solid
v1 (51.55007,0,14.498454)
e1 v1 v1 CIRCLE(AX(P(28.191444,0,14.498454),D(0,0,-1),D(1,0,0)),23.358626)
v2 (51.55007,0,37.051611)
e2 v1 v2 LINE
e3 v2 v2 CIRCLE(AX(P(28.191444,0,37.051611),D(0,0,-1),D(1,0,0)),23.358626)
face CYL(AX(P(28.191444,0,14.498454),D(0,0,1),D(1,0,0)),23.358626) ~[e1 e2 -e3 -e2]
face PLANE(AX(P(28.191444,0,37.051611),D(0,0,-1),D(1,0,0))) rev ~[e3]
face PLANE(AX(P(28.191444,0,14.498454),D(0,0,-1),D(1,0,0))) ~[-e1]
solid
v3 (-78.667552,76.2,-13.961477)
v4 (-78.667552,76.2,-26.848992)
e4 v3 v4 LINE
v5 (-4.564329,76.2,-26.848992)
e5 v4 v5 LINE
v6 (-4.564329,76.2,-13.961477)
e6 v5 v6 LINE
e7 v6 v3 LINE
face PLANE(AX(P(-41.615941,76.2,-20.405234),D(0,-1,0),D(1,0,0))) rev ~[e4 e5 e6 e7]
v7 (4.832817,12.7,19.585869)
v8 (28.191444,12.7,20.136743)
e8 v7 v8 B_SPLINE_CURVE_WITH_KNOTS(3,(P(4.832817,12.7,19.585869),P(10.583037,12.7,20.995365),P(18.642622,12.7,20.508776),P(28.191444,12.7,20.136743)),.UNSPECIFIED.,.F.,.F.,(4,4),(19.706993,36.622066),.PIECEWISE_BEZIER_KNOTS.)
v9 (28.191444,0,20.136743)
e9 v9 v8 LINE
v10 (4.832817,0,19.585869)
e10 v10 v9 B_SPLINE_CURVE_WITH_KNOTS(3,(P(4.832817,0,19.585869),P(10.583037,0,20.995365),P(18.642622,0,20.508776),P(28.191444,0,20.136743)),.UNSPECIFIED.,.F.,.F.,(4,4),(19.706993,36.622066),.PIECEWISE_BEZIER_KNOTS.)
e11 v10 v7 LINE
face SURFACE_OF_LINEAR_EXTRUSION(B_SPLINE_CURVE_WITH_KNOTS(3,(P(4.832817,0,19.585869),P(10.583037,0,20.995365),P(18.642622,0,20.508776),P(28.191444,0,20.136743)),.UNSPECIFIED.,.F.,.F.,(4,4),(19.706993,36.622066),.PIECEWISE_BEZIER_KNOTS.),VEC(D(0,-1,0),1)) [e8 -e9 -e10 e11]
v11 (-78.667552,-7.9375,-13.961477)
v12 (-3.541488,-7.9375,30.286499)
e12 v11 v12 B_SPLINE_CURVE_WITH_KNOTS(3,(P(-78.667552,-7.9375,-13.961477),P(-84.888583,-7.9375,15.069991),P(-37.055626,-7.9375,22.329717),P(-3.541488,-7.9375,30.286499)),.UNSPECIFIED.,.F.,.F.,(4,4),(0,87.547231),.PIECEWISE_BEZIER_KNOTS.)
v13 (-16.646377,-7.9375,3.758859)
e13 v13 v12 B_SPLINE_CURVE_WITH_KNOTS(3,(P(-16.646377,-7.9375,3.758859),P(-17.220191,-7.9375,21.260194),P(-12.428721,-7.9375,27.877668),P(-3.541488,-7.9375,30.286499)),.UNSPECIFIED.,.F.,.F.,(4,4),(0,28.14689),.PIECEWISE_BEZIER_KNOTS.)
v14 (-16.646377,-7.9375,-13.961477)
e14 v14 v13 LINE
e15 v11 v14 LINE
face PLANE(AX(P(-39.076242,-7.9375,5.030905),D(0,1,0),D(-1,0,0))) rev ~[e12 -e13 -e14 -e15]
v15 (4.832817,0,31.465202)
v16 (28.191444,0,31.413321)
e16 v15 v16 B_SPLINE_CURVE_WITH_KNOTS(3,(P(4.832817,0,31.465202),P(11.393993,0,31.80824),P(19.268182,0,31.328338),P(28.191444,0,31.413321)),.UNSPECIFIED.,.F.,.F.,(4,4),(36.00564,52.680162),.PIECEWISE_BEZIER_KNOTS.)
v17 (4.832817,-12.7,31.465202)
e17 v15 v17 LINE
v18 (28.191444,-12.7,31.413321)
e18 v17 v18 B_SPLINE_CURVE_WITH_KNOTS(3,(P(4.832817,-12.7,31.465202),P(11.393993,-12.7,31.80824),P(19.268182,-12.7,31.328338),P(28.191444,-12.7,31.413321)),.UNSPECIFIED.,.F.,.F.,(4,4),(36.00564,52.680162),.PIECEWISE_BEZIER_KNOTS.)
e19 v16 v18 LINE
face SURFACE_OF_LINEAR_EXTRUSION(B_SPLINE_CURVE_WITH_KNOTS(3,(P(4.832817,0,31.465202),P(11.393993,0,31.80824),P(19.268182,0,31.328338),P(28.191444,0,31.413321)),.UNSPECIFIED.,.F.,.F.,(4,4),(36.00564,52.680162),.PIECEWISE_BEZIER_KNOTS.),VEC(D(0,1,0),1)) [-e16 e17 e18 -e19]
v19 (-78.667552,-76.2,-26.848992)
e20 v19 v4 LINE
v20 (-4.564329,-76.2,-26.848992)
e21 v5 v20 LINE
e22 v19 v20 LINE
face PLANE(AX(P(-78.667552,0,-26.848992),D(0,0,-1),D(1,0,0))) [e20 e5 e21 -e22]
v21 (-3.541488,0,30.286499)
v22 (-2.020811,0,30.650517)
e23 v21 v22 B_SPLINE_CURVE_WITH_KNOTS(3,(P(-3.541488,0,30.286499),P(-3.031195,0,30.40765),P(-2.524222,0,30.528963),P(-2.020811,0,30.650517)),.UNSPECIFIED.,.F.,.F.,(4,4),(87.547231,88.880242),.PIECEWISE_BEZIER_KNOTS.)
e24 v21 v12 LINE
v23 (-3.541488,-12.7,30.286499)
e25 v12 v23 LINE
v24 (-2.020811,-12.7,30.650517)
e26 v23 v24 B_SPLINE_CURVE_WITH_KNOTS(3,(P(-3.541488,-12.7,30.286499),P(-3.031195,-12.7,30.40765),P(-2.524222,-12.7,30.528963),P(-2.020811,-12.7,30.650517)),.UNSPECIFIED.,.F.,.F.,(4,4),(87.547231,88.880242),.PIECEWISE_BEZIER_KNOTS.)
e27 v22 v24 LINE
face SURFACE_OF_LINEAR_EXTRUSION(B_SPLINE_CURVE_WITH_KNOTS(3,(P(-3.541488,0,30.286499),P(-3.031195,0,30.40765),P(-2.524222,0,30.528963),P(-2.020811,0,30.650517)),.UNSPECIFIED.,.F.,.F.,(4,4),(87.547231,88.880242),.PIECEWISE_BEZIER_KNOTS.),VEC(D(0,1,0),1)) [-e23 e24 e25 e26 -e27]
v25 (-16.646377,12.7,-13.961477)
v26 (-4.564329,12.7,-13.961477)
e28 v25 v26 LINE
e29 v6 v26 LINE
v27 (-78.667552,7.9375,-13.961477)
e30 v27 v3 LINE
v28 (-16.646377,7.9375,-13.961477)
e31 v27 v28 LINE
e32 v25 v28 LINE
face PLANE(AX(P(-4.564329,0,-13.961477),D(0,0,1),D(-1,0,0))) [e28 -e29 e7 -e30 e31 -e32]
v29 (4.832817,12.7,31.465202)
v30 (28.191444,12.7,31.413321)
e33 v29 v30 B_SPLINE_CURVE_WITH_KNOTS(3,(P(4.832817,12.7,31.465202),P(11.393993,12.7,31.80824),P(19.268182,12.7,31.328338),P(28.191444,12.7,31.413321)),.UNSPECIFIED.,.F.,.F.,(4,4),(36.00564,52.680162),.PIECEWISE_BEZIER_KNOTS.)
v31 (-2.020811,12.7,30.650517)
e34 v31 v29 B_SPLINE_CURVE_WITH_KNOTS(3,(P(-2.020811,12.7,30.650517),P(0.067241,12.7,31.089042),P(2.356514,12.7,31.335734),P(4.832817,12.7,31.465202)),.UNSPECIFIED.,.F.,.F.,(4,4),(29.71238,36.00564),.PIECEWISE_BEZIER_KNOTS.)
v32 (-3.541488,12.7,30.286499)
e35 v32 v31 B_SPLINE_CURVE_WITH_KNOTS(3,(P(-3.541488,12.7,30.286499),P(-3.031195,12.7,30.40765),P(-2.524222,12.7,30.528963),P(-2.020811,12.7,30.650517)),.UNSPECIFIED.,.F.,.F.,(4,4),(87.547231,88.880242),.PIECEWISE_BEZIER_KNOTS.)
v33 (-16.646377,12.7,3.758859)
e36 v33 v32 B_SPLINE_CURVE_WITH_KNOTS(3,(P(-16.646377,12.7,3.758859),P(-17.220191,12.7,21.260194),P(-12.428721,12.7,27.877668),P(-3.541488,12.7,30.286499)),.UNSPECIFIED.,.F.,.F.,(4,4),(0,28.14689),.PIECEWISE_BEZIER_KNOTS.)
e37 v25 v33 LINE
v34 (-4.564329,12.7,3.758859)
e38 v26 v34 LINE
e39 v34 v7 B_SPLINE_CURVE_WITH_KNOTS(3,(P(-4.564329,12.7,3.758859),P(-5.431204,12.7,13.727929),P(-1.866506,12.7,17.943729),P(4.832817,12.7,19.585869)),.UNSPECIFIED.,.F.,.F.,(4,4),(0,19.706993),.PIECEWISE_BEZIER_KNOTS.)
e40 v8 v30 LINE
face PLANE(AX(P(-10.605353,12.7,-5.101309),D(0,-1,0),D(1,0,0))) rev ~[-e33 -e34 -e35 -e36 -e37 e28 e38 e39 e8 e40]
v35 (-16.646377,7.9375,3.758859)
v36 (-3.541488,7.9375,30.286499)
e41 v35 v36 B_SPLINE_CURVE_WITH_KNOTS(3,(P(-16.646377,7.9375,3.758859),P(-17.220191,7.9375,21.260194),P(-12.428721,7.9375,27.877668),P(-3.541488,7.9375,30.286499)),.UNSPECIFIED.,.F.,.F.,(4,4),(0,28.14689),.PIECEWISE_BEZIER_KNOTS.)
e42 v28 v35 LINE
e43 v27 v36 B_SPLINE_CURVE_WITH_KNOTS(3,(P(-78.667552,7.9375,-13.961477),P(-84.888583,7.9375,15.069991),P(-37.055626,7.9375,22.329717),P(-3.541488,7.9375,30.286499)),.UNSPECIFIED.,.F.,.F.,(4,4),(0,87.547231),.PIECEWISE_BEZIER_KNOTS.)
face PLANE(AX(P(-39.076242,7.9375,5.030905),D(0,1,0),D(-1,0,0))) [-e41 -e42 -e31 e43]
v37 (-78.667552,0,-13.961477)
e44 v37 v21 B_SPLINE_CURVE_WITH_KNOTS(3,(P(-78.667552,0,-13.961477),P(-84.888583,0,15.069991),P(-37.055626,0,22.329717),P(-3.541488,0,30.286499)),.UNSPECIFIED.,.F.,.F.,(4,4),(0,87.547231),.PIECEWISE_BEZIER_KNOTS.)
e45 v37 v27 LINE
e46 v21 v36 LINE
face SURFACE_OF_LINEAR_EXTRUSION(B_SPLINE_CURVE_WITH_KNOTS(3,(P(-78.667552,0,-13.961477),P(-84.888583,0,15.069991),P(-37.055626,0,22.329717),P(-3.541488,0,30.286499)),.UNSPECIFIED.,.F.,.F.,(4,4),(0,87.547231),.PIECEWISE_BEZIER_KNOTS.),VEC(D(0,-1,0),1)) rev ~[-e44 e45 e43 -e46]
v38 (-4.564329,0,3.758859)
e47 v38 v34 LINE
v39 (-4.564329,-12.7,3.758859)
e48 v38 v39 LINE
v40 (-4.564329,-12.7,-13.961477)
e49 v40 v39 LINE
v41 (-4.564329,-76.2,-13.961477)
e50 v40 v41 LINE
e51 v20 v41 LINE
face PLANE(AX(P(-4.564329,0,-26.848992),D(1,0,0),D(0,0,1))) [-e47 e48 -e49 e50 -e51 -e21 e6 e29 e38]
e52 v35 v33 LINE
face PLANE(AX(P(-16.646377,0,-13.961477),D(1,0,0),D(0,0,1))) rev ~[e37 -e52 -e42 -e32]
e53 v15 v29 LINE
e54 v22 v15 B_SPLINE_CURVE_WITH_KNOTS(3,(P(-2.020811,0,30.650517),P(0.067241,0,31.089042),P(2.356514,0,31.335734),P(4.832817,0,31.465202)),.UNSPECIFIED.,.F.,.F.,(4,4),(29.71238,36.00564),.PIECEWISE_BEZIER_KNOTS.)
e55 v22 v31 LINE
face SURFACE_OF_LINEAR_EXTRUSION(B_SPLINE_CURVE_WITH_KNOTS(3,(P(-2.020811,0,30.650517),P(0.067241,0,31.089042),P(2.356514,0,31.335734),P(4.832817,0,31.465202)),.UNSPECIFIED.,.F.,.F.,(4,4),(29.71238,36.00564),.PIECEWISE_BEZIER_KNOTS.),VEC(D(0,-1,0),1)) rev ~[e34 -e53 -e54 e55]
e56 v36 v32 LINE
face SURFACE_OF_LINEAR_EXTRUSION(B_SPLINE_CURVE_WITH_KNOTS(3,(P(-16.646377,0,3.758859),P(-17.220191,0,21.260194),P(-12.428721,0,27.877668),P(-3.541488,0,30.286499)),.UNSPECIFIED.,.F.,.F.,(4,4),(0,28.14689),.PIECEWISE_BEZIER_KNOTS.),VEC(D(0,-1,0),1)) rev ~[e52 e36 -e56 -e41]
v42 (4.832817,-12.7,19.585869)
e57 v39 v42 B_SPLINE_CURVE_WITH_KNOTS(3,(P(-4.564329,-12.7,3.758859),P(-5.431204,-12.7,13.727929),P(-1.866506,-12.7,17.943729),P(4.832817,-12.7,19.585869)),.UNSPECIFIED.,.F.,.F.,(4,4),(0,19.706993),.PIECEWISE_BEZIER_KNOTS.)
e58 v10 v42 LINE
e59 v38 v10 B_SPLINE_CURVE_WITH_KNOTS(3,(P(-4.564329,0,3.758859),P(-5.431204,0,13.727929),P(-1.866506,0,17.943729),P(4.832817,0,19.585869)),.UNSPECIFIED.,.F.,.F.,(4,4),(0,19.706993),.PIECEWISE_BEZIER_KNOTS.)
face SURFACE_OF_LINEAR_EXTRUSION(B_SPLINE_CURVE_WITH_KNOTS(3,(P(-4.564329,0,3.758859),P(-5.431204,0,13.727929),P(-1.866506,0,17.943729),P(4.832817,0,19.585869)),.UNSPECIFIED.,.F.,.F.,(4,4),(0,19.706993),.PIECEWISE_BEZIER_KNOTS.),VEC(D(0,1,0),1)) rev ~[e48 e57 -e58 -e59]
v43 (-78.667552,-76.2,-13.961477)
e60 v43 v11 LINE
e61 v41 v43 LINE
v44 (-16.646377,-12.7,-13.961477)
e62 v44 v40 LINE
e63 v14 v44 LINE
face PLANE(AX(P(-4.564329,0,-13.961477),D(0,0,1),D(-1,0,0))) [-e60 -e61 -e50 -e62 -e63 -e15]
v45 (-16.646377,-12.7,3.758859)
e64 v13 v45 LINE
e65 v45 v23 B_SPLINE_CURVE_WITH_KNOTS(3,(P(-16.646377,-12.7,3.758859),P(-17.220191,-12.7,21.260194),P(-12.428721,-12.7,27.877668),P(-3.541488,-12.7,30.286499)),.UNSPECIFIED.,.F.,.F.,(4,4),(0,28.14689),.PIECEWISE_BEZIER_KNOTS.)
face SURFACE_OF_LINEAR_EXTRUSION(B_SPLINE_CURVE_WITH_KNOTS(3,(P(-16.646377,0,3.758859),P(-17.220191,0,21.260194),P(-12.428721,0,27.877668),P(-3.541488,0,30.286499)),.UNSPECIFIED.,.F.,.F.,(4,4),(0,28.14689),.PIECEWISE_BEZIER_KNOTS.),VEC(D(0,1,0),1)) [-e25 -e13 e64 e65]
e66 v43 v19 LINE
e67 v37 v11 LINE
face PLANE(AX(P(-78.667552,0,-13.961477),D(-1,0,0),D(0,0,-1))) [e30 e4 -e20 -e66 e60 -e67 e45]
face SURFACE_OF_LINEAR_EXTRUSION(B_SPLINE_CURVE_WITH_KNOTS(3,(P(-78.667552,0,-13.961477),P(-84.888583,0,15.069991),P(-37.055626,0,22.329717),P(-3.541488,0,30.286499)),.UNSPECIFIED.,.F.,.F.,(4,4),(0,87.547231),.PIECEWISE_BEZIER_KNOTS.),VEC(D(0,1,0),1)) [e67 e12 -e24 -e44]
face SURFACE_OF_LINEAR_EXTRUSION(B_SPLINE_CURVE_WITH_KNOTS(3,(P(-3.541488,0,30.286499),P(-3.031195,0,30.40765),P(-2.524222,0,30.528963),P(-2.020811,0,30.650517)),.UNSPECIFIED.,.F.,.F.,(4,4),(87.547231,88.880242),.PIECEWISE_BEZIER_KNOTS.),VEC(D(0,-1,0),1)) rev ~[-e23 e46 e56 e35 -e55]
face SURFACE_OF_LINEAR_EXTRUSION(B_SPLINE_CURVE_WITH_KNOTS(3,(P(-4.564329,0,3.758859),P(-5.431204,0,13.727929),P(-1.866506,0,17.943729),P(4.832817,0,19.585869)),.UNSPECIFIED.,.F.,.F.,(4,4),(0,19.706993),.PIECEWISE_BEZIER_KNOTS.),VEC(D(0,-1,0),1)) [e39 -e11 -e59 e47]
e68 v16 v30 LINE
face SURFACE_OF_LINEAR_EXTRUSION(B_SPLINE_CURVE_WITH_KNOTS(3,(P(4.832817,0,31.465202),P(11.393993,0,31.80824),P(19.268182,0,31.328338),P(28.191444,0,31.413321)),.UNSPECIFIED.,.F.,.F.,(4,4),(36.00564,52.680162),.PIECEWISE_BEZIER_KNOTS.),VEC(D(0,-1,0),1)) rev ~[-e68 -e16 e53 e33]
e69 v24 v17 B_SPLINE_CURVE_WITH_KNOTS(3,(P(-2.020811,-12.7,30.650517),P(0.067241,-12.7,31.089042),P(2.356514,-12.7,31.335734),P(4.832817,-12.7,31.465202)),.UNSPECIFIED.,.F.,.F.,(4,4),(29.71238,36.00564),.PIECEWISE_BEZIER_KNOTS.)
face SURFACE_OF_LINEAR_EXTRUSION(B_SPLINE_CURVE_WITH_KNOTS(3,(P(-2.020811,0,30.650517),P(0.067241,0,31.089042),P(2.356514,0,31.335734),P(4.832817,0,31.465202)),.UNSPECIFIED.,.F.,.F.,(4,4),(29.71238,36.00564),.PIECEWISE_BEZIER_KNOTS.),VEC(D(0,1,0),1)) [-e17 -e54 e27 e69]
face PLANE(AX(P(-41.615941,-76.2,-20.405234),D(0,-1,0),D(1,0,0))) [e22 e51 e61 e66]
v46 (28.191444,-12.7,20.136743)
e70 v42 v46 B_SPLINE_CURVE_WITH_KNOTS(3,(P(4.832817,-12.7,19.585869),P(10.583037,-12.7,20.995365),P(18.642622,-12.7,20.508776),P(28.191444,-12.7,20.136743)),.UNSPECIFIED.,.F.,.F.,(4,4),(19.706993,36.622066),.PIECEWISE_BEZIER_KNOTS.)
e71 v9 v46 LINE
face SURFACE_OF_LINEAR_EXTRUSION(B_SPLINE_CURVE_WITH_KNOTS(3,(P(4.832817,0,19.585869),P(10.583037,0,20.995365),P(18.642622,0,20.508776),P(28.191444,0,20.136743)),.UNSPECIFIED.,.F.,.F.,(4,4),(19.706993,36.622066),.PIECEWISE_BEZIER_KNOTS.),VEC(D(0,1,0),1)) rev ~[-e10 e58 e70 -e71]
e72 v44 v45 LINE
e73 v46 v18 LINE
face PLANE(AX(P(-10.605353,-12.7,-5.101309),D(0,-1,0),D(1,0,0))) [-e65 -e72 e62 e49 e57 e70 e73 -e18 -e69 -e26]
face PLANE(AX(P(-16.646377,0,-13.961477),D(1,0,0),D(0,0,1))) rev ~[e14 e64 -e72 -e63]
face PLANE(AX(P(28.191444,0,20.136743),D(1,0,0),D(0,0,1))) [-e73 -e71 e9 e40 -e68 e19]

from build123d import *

# Parameters (mm, degrees)
F1_DEPTH = 7.9375
F2_DEPTH = 76.2
F0_W     = 12.082048
F0_H     = 17.720336
F3_DEPTH = 12.7


with BuildPart() as f1:
    # F0 (on Front) → F1 (new body, symmetric)
    with BuildSketch(Plane.XZ):
        with BuildLine():
            add(Edge.make_bspline(
                [(-78.667552, -13.961477), (-84.888583, 15.069991), (-37.055626, 22.329717), (-3.541488, 30.286499)],
                knots=[0, 0, 0, 0, 87.547231, 87.547231, 87.547231, 87.547231], degree=3))
            Line((-78.667552, -13.961477), (-16.646377, -13.961477))
            Line((-16.646377, -13.961477), (-16.646377, 3.758859))
            add(Edge.make_bspline(
                [(-16.646377, 3.758859), (-17.220191, 21.260194), (-12.428721, 27.877668), (-3.541488, 30.286499)],
                knots=[0, 0, 0, 0, 28.14689, 28.14689, 28.14689, 28.14689], degree=3))
        make_face()
    extrude(amount=F1_DEPTH, both=True)

    # F0 (on Front) → F2 (join, symmetric)
    with BuildSketch(Plane.XZ):
        Polygon((-78.667552, -26.848992), (-4.564329, -26.848992), (-4.564329, -13.961477), (-16.646377, -13.961477), (-78.667552, -13.961477), align=None)
    extrude(amount=F2_DEPTH, both=True)

    # F0 (on Front) → F3 (join, symmetric)
    with BuildSketch(Plane.XZ):
        with Locations((-10.605353, -5.101309)):
            Rectangle(F0_W, F0_H)
        with BuildLine():
            Line((-16.646377, 3.758859), (-4.564329, 3.758859))
            add(Edge.make_bspline(
                [(-4.564329, 3.758859), (-5.431204, 13.727929), (-1.866506, 17.943729), (4.832817, 19.585869)],
                knots=[0, 0, 0, 0, 19.706993, 19.706993, 19.706993, 19.706993], degree=3))
            Line((4.832817, 19.585869), (4.832817, 31.465202))
            add(Edge.make_bspline(
                [(-2.020811, 30.650517), (0.067241, 31.089042), (2.356514, 31.335734), (4.832817, 31.465202)],
                knots=[29.71238, 29.71238, 29.71238, 29.71238, 36.00564, 36.00564, 36.00564, 36.00564], degree=3))
            add(Edge.make_bspline(
                [(-3.541488, 30.286499), (-3.031195, 30.40765), (-2.524222, 30.528963), (-2.020811, 30.650517)],
                knots=[87.547231, 87.547231, 87.547231, 87.547231, 88.880242, 88.880242, 88.880242, 88.880242], degree=3))
            add(Edge.make_bspline(
                [(-16.646377, 3.758859), (-17.220191, 21.260194), (-12.428721, 27.877668), (-3.541488, 30.286499)],
                knots=[0, 0, 0, 0, 28.14689, 28.14689, 28.14689, 28.14689], degree=3))
        make_face()
        with BuildLine():
            Line((4.832817, 31.465202), (4.832817, 19.585869))
            add(Edge.make_bspline(
                [(4.832817, 19.585869), (10.583037, 20.995365), (18.642622, 20.508776), (28.191444, 20.136743)],
                knots=[19.706993, 19.706993, 19.706993, 19.706993, 36.622066, 36.622066, 36.622066, 36.622066], degree=3))
            Line((28.191444, 20.136743), (28.191444, 31.413321))
            add(Edge.make_bspline(
                [(4.832817, 31.465202), (11.393993, 31.80824), (19.268182, 31.328338), (28.191444, 31.413321)],
                knots=[36.00564, 36.00564, 36.00564, 36.00564, 52.680162, 52.680162, 52.680162, 52.680162], degree=3))
        make_face()
    extrude(amount=F3_DEPTH, both=True)


with BuildPart() as f4:
    # F0 (on Front) → F4 (revolve)
    with BuildSketch(Plane.XZ):
        Polygon((28.191444, 31.413321), (28.191444, 20.136743), (28.191444, 14.498454), (51.55007, 14.498454), (51.55007, 37.051611), (28.191444, 37.051611), align=None)
    revolve(axis=Axis((28.191444, 0, 25.775032), (0, 0, -1)))


solid = Compound([f1.part, f4.part])
